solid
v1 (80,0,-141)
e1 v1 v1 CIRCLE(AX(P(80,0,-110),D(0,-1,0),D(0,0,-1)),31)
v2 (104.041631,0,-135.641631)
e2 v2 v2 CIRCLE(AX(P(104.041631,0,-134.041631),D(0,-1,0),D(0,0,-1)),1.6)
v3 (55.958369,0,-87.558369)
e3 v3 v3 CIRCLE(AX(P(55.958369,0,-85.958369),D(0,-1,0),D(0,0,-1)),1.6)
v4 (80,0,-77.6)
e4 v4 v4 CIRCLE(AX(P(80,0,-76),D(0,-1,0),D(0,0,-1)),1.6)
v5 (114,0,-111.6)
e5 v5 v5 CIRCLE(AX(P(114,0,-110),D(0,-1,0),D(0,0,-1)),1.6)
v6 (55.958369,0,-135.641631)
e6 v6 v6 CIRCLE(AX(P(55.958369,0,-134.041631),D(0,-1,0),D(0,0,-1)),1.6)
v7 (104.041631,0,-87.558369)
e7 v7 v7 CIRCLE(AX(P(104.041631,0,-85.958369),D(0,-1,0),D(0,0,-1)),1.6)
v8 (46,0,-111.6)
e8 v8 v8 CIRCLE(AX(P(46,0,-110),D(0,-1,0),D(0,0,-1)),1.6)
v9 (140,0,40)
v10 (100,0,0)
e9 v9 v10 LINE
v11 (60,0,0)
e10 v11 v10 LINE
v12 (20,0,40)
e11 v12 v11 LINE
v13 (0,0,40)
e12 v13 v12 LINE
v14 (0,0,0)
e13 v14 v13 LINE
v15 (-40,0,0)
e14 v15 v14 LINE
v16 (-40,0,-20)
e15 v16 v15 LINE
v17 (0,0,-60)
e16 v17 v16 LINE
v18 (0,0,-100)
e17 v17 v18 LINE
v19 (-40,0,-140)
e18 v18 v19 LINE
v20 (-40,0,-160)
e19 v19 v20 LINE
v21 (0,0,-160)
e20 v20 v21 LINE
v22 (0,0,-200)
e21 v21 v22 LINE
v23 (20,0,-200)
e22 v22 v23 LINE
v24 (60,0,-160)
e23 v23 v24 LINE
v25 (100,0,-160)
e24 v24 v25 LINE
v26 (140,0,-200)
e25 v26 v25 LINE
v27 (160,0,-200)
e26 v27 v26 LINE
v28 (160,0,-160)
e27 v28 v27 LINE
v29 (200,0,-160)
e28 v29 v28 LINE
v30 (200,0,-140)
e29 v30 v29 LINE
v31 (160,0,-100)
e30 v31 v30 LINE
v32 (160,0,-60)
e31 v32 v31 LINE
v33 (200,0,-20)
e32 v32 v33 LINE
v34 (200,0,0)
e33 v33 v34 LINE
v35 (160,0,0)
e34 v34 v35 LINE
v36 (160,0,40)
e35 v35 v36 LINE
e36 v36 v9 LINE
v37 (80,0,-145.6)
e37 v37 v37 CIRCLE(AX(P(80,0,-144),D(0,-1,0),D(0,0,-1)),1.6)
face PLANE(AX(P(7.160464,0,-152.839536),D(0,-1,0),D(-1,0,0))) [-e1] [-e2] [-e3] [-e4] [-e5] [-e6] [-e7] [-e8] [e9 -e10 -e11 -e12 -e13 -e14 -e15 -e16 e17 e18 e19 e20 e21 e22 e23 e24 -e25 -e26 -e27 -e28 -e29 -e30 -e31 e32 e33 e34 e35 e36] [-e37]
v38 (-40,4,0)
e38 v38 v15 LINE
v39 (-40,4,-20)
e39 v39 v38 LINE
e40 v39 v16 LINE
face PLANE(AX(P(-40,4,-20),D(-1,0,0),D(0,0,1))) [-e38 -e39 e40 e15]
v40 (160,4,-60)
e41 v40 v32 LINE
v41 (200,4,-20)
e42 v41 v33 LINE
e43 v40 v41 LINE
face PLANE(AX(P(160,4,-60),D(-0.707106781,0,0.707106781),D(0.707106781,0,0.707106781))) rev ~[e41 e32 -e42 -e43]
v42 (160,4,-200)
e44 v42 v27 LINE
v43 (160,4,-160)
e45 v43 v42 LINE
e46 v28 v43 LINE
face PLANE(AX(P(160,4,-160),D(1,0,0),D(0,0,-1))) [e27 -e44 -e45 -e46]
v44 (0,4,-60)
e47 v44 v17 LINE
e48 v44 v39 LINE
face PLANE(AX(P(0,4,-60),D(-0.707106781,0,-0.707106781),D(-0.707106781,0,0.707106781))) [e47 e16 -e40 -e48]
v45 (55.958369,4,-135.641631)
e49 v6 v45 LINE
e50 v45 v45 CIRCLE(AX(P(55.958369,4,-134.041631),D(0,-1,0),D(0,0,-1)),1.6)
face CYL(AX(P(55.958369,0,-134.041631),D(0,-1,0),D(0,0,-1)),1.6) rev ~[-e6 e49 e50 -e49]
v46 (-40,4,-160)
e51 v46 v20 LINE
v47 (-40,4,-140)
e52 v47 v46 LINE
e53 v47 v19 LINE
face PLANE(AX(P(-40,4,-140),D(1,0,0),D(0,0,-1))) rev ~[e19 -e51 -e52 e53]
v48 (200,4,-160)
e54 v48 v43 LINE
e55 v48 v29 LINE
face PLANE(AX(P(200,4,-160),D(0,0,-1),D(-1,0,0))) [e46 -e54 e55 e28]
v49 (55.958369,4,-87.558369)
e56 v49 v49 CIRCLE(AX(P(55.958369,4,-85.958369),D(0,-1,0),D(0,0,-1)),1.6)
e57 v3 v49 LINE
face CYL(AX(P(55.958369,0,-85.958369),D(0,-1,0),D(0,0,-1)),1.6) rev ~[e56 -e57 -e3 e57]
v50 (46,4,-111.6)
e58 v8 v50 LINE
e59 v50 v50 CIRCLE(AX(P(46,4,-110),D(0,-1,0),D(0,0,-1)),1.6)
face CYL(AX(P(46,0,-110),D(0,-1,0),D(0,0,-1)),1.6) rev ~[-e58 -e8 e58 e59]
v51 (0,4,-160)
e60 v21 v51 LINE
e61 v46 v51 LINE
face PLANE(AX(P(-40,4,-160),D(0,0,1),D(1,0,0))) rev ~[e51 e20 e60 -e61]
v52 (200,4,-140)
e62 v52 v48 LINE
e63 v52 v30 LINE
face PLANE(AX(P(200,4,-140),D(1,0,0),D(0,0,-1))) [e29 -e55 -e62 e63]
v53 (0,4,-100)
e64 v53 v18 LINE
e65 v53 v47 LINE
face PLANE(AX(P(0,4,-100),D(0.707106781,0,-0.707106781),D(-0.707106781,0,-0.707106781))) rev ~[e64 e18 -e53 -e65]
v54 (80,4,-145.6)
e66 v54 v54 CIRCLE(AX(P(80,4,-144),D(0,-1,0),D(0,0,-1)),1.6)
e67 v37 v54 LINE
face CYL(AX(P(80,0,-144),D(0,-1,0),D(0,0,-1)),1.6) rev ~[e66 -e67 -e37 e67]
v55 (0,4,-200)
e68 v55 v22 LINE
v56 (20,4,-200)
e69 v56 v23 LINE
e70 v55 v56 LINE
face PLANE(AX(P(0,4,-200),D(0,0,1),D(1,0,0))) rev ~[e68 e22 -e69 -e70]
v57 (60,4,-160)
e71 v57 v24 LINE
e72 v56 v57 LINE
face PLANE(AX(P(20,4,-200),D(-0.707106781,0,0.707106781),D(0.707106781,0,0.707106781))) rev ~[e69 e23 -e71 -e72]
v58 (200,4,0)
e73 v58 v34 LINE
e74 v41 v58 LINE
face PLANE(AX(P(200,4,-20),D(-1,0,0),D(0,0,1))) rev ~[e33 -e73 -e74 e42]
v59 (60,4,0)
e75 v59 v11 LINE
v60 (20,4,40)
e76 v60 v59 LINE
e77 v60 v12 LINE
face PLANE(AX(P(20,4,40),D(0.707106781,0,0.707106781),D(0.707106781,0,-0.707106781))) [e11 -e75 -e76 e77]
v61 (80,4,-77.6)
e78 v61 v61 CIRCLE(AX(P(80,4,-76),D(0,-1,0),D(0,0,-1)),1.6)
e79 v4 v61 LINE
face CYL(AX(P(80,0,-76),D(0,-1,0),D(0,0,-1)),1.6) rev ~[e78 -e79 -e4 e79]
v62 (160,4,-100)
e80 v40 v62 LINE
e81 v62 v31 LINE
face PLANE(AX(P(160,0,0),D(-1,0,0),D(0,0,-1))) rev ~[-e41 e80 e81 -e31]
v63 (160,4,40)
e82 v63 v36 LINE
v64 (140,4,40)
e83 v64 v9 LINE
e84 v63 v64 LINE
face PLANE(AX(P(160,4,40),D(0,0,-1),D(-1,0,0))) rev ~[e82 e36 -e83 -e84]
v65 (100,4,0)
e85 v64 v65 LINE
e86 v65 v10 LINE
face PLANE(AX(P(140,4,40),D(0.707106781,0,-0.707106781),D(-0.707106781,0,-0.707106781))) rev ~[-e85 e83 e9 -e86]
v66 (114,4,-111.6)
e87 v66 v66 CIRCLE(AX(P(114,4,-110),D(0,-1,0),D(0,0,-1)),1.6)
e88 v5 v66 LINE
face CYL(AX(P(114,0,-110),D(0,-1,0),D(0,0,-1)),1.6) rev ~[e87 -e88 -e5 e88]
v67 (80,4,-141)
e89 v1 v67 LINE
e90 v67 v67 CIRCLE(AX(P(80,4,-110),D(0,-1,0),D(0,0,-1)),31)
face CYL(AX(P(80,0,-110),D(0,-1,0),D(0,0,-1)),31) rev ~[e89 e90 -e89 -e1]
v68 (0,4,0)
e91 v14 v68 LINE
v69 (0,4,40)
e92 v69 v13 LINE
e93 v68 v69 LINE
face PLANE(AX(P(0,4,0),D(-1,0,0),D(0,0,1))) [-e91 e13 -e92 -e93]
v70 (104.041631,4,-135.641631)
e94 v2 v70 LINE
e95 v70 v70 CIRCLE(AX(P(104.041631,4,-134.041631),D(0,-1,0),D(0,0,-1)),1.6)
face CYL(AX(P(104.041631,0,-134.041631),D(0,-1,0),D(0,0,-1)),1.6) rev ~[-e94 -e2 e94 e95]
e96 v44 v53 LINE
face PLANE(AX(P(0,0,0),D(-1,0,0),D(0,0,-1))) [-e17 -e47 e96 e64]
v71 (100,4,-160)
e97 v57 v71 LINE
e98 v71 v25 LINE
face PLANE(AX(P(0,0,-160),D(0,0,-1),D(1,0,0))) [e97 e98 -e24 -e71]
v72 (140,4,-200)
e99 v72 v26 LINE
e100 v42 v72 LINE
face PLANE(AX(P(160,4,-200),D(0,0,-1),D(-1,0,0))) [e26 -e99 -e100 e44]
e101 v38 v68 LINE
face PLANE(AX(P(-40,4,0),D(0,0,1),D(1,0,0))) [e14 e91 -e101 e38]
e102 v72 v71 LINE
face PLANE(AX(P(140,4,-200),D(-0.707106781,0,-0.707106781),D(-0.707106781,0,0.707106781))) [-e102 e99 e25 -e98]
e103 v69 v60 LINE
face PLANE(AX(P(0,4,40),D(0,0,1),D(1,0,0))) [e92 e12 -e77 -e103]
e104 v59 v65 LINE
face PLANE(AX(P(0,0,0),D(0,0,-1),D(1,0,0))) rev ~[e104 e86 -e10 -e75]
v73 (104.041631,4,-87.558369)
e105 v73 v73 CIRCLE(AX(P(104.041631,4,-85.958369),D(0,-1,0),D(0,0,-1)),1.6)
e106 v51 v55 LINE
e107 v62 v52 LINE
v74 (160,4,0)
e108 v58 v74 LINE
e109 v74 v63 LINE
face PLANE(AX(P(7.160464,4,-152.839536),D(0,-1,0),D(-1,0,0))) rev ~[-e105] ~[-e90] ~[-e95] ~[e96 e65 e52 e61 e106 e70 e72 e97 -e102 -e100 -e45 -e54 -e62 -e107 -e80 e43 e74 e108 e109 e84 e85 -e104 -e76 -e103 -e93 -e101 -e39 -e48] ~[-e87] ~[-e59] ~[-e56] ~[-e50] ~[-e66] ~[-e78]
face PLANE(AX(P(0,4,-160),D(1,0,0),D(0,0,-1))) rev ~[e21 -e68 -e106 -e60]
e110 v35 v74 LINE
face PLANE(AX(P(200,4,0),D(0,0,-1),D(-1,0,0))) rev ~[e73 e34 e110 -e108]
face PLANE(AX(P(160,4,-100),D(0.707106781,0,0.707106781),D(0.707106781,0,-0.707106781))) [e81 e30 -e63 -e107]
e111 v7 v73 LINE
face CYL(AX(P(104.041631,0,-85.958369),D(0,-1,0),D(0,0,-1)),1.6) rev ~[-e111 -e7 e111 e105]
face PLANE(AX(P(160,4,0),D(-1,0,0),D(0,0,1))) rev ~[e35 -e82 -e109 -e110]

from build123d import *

# Parameters (mm, degrees)
SKETCH_1_W          = 160
SKETCH_1_H          = 160
EXTRUDE_1_DEPTH     = 4
EXTRUDE_2_DEPTH     = 4
SKETCH_3_R          = 31
SKETCH_3_R_2        = 1.6
CUT_EXTRUDE_2_DEPTH = 10


with BuildPart() as part:
    # 草图1 → 凸台-拉伸1 (new body)
    with BuildSketch(Plane(origin=(0, 0, 0), x_dir=(1, 0, 0), z_dir=(0, 1, 0))):
        with Locations((80, 80)):
            Rectangle(SKETCH_1_W, SKETCH_1_H)
    extrude(amount=EXTRUDE_1_DEPTH)

    # 草图2 → 凸台-拉伸2 (add)
    with BuildSketch(Plane(origin=(0, 4, 0), x_dir=(1, 0, 0), z_dir=(0, 1, 0))):
        Polygon((0, 100), (-40, 140), (-40, 160), (0, 160), (0, 200), (20, 200), (60, 160), align=None)
        Polygon((60, 0), (0, 60), (-40, 20), (-40, 0), (0, 0), (0, -40), (20, -40), align=None)
        Polygon((160, 60), (200, 20), (200, 0), (160, 0), (160, -40), (140, -40), (100, 0), align=None)
        Polygon((100, 160), (160, 100), (200, 140), (200, 160), (160, 160), (160, 200), (140, 200), align=None)
    extrude(amount=-EXTRUDE_2_DEPTH)

    # 草图3 → 切除-拉伸2 (cut)
    with BuildSketch(Plane.XZ):
        with Locations(Location((80, -110, 0), (0, 0, 270))):
            Circle(SKETCH_3_R)
        with Locations(Location((80, -76, 0), (0, 0, 270))):
            Circle(SKETCH_3_R_2)
        with Locations(Location((104.04163056, -85.95836944, 0), (0, 0, 270))):
            Circle(SKETCH_3_R_2)
        with Locations(Location((114, -110, 0), (0, 0, 270))):
            Circle(SKETCH_3_R_2)
        with Locations(Location((104.04163056, -134.04163056, 0), (0, 0, 270))):
            Circle(SKETCH_3_R_2)
        with Locations(Location((80, -144, 0), (0, 0, 270))):
            Circle(SKETCH_3_R_2)
        with Locations(Location((55.95836944, -134.04163056, 0), (0, 0, 270))):
            Circle(SKETCH_3_R_2)
        with Locations(Location((46, -110, 0), (0, 0, 270))):
            Circle(SKETCH_3_R_2)
        with Locations(Location((55.95836944, -85.95836944, 0), (0, 0, 270))):
            Circle(SKETCH_3_R_2)
    extrude(amount=-CUT_EXTRUDE_2_DEPTH, mode=Mode.SUBTRACT)


solid = part.part
